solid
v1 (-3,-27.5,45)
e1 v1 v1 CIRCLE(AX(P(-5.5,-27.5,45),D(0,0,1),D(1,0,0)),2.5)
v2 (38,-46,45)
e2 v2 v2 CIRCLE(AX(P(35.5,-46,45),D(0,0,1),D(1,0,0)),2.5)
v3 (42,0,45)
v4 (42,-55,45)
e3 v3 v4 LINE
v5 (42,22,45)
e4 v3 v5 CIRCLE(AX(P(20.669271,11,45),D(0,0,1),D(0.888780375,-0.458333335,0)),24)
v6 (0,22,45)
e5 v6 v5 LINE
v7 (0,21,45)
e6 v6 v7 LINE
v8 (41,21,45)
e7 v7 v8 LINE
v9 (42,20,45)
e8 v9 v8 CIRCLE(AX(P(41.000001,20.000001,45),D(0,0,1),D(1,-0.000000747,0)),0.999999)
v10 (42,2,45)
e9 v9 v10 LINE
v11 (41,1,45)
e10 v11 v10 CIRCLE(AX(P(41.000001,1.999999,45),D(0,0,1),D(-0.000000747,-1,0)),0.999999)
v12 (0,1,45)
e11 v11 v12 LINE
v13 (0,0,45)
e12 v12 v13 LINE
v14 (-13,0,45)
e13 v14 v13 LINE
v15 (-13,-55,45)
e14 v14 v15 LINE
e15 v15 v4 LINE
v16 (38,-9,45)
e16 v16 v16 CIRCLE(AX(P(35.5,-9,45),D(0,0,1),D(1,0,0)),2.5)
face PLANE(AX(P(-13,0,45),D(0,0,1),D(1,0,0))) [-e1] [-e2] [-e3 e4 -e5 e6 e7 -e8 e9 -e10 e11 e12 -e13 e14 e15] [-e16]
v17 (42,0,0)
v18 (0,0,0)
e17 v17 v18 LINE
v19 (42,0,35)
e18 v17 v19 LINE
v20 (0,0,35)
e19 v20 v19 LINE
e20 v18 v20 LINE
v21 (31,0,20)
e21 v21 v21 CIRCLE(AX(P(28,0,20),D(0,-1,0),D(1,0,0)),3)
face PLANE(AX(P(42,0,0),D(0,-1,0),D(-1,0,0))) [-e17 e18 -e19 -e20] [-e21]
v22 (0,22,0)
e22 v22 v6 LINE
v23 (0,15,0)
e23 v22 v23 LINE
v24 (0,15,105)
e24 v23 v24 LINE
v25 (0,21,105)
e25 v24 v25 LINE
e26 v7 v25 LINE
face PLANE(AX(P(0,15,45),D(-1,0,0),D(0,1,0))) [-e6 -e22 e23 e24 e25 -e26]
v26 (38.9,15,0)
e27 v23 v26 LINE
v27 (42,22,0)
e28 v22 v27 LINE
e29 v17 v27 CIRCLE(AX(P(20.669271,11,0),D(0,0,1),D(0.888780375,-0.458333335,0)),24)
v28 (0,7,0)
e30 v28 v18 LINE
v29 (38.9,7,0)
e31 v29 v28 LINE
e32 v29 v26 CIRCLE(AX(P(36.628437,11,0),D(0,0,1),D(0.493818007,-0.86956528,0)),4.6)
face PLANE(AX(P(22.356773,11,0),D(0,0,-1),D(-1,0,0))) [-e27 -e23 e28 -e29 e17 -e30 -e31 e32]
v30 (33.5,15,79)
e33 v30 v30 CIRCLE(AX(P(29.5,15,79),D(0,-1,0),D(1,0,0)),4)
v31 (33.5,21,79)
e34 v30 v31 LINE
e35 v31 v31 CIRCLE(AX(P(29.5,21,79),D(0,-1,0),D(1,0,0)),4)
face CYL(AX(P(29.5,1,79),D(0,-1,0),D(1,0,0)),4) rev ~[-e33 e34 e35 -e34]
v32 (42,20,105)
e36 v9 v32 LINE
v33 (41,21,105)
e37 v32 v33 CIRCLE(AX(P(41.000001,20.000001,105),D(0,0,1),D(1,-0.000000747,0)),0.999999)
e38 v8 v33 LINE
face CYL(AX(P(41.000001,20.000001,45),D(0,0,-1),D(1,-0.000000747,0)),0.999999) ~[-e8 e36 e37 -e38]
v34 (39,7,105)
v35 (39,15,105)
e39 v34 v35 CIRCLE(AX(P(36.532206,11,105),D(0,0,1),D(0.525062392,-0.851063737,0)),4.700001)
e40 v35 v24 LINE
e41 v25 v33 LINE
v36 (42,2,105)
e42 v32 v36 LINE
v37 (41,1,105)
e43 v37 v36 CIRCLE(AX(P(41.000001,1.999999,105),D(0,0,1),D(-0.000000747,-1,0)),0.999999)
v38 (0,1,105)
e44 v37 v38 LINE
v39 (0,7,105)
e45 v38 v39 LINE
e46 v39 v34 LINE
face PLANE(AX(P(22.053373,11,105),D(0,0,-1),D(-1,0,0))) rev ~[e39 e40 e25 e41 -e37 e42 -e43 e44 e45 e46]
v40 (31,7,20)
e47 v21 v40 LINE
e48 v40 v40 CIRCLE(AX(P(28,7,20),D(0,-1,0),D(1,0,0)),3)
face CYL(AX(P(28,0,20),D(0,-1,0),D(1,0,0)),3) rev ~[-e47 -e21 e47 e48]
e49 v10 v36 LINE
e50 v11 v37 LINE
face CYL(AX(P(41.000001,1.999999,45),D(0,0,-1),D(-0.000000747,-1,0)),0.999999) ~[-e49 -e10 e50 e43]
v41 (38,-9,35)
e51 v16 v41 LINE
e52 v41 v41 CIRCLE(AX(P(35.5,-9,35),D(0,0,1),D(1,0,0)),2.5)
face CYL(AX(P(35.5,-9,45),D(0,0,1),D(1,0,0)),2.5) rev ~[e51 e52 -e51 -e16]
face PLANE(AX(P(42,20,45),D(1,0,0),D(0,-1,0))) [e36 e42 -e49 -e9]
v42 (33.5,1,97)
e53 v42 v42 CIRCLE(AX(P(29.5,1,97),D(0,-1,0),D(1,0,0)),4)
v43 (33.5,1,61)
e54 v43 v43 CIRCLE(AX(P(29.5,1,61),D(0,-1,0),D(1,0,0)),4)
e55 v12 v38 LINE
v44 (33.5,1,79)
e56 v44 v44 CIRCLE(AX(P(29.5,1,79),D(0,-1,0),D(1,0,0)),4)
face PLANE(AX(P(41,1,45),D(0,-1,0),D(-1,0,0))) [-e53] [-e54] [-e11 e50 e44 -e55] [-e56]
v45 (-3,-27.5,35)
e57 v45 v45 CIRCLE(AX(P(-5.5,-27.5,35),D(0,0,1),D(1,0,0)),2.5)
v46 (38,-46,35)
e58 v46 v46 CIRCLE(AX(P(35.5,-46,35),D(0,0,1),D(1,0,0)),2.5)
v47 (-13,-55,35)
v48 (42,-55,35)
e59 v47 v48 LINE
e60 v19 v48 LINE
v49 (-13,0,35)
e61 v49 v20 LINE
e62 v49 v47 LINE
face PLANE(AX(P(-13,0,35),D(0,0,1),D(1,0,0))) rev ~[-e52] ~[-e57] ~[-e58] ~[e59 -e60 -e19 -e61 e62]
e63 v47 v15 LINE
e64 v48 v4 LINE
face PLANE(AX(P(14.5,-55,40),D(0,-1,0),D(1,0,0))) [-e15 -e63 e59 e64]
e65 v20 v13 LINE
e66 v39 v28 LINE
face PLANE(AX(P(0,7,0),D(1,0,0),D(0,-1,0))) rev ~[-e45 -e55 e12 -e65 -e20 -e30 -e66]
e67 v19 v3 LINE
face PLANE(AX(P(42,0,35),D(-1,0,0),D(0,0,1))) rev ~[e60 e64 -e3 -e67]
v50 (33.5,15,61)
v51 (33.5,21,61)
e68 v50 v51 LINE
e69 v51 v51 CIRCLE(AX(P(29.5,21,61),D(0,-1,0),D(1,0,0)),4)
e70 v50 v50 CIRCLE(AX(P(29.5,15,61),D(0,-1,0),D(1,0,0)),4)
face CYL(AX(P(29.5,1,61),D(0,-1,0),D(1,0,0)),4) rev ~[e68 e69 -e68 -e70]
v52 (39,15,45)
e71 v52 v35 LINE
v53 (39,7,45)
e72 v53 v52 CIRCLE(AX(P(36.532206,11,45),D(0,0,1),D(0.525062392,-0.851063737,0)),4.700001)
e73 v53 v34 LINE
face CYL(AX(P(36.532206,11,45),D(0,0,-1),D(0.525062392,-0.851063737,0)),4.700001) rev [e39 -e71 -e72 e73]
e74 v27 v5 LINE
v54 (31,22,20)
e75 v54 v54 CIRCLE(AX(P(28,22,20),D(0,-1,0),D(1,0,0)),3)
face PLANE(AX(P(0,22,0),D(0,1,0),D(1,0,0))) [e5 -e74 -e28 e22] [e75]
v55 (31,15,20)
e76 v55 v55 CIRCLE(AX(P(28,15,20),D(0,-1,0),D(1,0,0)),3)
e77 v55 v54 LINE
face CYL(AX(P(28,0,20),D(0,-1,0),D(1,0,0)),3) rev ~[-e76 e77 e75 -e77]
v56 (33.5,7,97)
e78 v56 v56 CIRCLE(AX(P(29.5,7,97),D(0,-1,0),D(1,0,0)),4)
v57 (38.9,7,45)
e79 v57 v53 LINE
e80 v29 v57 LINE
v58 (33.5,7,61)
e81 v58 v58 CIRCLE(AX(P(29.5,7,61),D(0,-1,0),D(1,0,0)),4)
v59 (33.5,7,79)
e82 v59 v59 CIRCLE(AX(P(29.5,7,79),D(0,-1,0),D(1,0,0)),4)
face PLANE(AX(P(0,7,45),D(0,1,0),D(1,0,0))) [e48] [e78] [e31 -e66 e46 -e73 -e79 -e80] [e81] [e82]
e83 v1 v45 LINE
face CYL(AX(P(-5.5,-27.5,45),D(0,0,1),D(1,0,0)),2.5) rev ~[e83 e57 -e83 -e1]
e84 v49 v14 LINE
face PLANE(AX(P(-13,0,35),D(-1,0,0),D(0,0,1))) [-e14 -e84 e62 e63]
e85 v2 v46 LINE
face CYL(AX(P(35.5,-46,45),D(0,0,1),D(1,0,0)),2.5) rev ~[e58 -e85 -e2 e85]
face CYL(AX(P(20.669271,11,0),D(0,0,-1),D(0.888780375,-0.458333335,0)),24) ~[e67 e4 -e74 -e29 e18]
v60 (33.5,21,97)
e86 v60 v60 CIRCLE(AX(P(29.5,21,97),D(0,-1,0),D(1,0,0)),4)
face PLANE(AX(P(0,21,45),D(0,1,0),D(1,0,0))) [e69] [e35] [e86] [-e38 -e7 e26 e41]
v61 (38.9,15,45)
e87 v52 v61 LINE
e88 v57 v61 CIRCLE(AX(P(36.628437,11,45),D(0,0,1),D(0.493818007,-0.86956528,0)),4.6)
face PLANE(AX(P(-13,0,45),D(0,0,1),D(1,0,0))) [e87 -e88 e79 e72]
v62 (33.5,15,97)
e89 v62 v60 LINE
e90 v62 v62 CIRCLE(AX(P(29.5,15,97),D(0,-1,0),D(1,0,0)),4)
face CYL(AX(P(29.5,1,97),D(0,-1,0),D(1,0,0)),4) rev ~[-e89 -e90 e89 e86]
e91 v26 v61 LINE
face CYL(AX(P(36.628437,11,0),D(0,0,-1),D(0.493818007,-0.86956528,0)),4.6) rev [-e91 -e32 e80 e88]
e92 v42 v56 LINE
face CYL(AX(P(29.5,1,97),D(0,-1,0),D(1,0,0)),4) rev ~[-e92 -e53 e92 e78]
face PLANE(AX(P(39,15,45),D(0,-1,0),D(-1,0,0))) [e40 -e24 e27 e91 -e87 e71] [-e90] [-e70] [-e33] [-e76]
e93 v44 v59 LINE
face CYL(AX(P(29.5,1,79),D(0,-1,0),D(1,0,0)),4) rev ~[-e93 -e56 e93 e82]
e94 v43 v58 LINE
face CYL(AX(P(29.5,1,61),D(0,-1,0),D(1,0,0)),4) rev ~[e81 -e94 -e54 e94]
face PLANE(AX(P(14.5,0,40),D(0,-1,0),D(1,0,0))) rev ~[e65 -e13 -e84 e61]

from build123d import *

# Parameters (mm, degrees)
PAD_DEPTH       = 45
SKETCH001_W     = 55
SKETCH001_H     = 10
PAD001_DEPTH    = 55
SKETCH002_R     = 3
POCKET_DEPTH    = 22
SKETCH003_R     = 2.5
POCKET001_DEPTH = 10
PAD002_DEPTH    = 60
SKETCH005_R     = 4
POCKET002_DEPTH = 20


with BuildPart() as part:
    # Sketch → Pad (new body)
    with BuildSketch(Plane.XY):
        with BuildLine():
            Line((0, 22), (42, 22))
            ThreePointArc((42, 0), (44.669271, 11), (42, 22))
            Line((42, 0), (0, 0))
            Line((0, 7), (0, 0))
            Line((38.9, 7), (0, 7))
            ThreePointArc((38.9, 7), (41.228437, 11), (38.9, 15))
            Line((0, 15), (38.9, 15))
            Line((0, 22), (0, 15))
        make_face()
    extrude(amount=PAD_DEPTH)

    # Sketch001 (on Face4 of Pad) → Pad001 (join)
    with BuildSketch(Plane.XZ):
        with Locations((14.5, 40)):
            Rectangle(SKETCH001_W, SKETCH001_H)
    extrude(amount=PAD001_DEPTH)

    # Sketch002 (on Face8 of Pad001) → Pocket (cut)
    with BuildSketch(Plane.XZ):
        with Locations((28, 20)):
            Circle(SKETCH002_R)
    extrude(amount=-POCKET_DEPTH, mode=Mode.SUBTRACT)

    # Sketch003 (on Face12 of Pocket) → Pocket001 (cut)
    with BuildSketch(Plane.XY.offset(45)):
        with Locations((35.5, -9)):
            Circle(SKETCH003_R)
        with Locations((35.5, -46)):
            Circle(SKETCH003_R)
        with Locations((-5.5, -27.5)):
            Circle(SKETCH003_R)
    extrude(amount=-POCKET001_DEPTH, mode=Mode.SUBTRACT)

    # Sketch004 (on Face5 of Pocket001) → Pad002 (join)
    with BuildSketch(Plane.XY.offset(45)):
        with BuildLine():
            Line((0, 21), (41, 21))
            ThreePointArc((42, 20), (41.707107, 20.707107), (41, 21))
            Line((42, 20), (42, 2))
            ThreePointArc((41, 1), (41.707107, 1.292893), (42, 2))
            Line((41, 1), (0, 1))
            Line((0, 1), (0, 7))
            Line((0, 7), (39, 7))
            ThreePointArc((39, 7), (41.232207, 11), (39, 15))
            Line((39, 15), (0, 15))
            Line((0, 15), (0, 21))
        make_face()
    extrude(amount=PAD002_DEPTH)

    # Sketch005 → Pocket002 (cut)
    with BuildSketch(Plane.XZ.offset(-1)):
        with Locations((29.5, 61)):
            Circle(SKETCH005_R)
        with Locations((29.5, 79)):
            Circle(SKETCH005_R)
        with Locations((29.5, 97)):
            Circle(SKETCH005_R)
    extrude(amount=-POCKET002_DEPTH, mode=Mode.SUBTRACT)


solid = part.part
